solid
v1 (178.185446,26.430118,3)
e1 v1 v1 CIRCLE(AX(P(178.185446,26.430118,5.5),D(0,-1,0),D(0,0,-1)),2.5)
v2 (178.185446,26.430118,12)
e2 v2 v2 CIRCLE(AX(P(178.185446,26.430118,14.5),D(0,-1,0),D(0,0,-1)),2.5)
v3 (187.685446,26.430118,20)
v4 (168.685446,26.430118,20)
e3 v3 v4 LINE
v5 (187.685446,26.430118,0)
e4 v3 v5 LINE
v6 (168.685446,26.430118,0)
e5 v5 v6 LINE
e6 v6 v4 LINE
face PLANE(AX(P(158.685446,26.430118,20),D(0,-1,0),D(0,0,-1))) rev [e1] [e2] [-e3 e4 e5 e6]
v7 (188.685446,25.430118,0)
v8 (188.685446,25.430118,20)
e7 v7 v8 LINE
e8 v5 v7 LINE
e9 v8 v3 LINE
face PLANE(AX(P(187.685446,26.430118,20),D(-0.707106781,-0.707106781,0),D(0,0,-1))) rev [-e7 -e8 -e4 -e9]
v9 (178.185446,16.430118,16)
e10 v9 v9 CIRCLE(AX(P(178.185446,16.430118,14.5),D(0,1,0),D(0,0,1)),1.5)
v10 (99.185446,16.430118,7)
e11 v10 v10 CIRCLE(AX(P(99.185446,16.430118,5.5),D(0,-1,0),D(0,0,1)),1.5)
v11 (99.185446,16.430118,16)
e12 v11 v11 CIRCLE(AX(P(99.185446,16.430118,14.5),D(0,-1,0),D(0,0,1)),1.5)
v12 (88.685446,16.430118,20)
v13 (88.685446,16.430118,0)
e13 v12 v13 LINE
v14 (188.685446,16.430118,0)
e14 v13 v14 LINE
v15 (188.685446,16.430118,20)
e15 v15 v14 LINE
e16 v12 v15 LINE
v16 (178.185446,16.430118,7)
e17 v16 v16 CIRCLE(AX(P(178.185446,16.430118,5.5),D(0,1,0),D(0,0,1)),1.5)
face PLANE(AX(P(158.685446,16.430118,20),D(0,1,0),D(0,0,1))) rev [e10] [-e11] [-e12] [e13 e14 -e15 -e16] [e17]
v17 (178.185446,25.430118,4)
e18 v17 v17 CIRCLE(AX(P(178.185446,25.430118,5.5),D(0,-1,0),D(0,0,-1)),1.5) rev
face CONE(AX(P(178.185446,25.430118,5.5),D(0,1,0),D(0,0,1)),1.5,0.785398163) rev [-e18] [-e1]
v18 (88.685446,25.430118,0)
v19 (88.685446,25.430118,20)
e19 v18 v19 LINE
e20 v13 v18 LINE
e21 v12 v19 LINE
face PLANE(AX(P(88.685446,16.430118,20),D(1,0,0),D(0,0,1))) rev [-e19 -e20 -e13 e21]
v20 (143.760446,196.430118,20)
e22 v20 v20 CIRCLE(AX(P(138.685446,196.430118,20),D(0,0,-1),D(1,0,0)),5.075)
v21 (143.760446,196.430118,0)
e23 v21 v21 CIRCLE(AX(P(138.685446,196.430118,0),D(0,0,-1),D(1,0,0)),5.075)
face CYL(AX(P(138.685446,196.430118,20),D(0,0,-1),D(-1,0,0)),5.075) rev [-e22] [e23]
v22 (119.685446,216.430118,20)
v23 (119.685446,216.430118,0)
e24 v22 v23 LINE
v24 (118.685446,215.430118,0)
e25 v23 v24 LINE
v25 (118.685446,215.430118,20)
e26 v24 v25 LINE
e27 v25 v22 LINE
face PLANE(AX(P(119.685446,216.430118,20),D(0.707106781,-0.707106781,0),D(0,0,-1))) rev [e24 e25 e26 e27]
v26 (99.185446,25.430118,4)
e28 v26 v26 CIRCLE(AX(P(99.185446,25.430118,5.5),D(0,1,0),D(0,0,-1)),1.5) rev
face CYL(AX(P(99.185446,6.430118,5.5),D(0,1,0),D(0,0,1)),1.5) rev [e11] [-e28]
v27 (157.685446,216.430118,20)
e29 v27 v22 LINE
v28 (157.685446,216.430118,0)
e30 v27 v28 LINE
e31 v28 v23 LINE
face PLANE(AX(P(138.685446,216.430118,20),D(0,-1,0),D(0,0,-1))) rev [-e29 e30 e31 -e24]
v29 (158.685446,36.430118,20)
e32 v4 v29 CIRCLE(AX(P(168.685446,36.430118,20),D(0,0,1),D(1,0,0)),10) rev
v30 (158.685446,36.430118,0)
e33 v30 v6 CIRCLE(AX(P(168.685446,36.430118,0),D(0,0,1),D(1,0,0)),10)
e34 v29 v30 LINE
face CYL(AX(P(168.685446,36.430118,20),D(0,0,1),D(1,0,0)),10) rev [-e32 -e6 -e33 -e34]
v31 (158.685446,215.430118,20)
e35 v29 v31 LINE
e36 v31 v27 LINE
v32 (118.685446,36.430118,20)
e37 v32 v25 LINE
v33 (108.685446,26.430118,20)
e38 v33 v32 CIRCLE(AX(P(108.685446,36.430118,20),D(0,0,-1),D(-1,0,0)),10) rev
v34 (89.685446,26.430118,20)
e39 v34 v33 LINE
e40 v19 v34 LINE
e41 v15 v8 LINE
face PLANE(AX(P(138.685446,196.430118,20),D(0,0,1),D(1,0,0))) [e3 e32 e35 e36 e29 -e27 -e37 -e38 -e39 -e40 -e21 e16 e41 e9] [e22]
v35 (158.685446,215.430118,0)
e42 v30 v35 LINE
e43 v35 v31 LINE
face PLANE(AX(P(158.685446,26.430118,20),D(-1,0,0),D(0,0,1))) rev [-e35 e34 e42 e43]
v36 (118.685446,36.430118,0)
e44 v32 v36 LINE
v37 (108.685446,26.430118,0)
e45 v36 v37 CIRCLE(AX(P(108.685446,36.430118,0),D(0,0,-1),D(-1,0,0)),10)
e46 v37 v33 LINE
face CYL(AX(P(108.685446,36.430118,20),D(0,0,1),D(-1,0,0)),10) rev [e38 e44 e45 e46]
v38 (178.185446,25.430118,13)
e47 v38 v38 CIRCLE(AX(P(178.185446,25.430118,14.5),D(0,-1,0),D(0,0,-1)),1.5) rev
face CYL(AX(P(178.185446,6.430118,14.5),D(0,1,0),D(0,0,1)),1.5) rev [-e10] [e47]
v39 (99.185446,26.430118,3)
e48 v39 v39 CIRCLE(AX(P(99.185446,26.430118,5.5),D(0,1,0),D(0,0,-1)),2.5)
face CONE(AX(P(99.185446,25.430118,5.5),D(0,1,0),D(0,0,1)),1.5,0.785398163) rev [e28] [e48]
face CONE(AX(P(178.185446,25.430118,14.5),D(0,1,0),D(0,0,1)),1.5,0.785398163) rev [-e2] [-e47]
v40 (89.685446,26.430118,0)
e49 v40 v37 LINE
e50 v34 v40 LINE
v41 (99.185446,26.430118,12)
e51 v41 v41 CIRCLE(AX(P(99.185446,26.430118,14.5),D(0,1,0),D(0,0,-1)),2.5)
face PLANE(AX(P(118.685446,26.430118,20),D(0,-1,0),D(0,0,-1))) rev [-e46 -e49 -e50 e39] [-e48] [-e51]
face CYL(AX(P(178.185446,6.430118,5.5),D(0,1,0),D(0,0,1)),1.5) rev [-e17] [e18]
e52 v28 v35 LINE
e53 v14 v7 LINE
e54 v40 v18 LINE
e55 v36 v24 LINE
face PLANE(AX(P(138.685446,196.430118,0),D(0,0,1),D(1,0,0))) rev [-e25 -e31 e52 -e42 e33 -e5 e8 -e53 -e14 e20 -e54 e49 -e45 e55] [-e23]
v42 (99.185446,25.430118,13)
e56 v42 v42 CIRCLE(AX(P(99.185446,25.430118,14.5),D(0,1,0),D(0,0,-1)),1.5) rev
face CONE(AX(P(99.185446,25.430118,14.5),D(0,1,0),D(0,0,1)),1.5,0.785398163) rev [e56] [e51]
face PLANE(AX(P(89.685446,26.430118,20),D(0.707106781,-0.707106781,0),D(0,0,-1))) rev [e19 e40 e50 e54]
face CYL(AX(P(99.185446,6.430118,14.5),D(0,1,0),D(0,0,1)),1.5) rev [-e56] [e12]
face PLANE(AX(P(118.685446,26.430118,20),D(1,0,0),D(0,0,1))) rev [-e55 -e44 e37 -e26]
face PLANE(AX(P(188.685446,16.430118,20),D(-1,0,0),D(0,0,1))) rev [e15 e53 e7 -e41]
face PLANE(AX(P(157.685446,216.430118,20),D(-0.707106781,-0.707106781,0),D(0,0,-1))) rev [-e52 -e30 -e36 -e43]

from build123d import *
from build123d.topology import SkipClean

# Parameters (mm, degrees)
BOSS_EXTRUDE2_DEPTH = 20
FILLET1_R           = 10
CHAMFER1_SIZE       = 1
SKETCH2_R           = 1.5
CUT_EXTRUDE1_DEPTH  = 20
CHAMFER3_SIZE       = 1


with BuildPart() as part:
    # Sketch1 → Boss-Extrude2 (new body)
    with BuildSketch(Plane.XY):
        with BuildLine():
            Line((138.685446009, 16.430118313), (158.685446009, 16.430118313))
            Line((158.685446009, 16.430118313), (188.685446009, 16.430118313))
            Line((188.685446009, 16.430118313), (188.685446009, 26.430118313))
            Line((188.685446009, 26.430118313), (158.685446009, 26.430118313))
            Line((158.685446009, 26.430118313), (158.685446009, 216.430118313))
            Line((158.685446009, 216.430118313), (138.685446009, 216.430118313))
            Line((138.685446009, 216.430118313), (138.685446009, 201.505118313))
            ThreePointArc((138.685446009, 201.505118313), (143.760446009, 196.430118313), (138.685446009, 191.355118313))
            Line((138.685446009, 191.355118313), (138.685446009, 16.430118313))
        make_face()
    extrude(amount=BOSS_EXTRUDE2_DEPTH)

    # Fillet1
    fillet1_edges = [part.edges().sort_by_distance(p)[0] for p in [
        (158.685446009, 26.430118313, 10),
    ]]
    fillet(fillet1_edges, radius=FILLET1_R)

    # Chamfer1
    chamfer1_edges = [part.edges().sort_by_distance(p)[0] for p in [
        (158.685446009, 216.430118313, 10),
        (188.685446009, 26.430118313, 10),
    ]]
    chamfer(chamfer1_edges, length=CHAMFER1_SIZE)

    # Sketch2 → Cut-Extrude1 (cut)
    with BuildSketch(Plane(origin=(0, 26.430118313, 0), x_dir=(1, 0, 0), z_dir=(0, 1, 0))):
        with Locations(Location((178.185446009, -5.5, 0), (0, 0, 270))):
            Circle(SKETCH2_R)
        with Locations(Location((178.185446009, -14.5, 0), (0, 0, 270))):
            Circle(SKETCH2_R)
    extrude(amount=-CUT_EXTRUDE1_DEPTH, mode=Mode.SUBTRACT)

    # Chamfer3
    chamfer3_edges = [part.edges().sort_by_distance(p)[0] for p in [
        (178.185446009, 26.430118313, 4),
        (178.185446009, 26.430118313, 13),
    ]]
    chamfer(chamfer3_edges, length=CHAMFER3_SIZE)

    # Mirror1: part across plane


with BuildPart() as part_1:
    with SkipClean():  # the faces are left unmerged after this step: merging them gives an invalid solid
        add(part.part)
        add(part.part.mirror(Plane(origin=(138.685446009, 16.430118313, 20), x_dir=(0, 0, 1), z_dir=(1, 0, 0))))


solid = part_1.part
